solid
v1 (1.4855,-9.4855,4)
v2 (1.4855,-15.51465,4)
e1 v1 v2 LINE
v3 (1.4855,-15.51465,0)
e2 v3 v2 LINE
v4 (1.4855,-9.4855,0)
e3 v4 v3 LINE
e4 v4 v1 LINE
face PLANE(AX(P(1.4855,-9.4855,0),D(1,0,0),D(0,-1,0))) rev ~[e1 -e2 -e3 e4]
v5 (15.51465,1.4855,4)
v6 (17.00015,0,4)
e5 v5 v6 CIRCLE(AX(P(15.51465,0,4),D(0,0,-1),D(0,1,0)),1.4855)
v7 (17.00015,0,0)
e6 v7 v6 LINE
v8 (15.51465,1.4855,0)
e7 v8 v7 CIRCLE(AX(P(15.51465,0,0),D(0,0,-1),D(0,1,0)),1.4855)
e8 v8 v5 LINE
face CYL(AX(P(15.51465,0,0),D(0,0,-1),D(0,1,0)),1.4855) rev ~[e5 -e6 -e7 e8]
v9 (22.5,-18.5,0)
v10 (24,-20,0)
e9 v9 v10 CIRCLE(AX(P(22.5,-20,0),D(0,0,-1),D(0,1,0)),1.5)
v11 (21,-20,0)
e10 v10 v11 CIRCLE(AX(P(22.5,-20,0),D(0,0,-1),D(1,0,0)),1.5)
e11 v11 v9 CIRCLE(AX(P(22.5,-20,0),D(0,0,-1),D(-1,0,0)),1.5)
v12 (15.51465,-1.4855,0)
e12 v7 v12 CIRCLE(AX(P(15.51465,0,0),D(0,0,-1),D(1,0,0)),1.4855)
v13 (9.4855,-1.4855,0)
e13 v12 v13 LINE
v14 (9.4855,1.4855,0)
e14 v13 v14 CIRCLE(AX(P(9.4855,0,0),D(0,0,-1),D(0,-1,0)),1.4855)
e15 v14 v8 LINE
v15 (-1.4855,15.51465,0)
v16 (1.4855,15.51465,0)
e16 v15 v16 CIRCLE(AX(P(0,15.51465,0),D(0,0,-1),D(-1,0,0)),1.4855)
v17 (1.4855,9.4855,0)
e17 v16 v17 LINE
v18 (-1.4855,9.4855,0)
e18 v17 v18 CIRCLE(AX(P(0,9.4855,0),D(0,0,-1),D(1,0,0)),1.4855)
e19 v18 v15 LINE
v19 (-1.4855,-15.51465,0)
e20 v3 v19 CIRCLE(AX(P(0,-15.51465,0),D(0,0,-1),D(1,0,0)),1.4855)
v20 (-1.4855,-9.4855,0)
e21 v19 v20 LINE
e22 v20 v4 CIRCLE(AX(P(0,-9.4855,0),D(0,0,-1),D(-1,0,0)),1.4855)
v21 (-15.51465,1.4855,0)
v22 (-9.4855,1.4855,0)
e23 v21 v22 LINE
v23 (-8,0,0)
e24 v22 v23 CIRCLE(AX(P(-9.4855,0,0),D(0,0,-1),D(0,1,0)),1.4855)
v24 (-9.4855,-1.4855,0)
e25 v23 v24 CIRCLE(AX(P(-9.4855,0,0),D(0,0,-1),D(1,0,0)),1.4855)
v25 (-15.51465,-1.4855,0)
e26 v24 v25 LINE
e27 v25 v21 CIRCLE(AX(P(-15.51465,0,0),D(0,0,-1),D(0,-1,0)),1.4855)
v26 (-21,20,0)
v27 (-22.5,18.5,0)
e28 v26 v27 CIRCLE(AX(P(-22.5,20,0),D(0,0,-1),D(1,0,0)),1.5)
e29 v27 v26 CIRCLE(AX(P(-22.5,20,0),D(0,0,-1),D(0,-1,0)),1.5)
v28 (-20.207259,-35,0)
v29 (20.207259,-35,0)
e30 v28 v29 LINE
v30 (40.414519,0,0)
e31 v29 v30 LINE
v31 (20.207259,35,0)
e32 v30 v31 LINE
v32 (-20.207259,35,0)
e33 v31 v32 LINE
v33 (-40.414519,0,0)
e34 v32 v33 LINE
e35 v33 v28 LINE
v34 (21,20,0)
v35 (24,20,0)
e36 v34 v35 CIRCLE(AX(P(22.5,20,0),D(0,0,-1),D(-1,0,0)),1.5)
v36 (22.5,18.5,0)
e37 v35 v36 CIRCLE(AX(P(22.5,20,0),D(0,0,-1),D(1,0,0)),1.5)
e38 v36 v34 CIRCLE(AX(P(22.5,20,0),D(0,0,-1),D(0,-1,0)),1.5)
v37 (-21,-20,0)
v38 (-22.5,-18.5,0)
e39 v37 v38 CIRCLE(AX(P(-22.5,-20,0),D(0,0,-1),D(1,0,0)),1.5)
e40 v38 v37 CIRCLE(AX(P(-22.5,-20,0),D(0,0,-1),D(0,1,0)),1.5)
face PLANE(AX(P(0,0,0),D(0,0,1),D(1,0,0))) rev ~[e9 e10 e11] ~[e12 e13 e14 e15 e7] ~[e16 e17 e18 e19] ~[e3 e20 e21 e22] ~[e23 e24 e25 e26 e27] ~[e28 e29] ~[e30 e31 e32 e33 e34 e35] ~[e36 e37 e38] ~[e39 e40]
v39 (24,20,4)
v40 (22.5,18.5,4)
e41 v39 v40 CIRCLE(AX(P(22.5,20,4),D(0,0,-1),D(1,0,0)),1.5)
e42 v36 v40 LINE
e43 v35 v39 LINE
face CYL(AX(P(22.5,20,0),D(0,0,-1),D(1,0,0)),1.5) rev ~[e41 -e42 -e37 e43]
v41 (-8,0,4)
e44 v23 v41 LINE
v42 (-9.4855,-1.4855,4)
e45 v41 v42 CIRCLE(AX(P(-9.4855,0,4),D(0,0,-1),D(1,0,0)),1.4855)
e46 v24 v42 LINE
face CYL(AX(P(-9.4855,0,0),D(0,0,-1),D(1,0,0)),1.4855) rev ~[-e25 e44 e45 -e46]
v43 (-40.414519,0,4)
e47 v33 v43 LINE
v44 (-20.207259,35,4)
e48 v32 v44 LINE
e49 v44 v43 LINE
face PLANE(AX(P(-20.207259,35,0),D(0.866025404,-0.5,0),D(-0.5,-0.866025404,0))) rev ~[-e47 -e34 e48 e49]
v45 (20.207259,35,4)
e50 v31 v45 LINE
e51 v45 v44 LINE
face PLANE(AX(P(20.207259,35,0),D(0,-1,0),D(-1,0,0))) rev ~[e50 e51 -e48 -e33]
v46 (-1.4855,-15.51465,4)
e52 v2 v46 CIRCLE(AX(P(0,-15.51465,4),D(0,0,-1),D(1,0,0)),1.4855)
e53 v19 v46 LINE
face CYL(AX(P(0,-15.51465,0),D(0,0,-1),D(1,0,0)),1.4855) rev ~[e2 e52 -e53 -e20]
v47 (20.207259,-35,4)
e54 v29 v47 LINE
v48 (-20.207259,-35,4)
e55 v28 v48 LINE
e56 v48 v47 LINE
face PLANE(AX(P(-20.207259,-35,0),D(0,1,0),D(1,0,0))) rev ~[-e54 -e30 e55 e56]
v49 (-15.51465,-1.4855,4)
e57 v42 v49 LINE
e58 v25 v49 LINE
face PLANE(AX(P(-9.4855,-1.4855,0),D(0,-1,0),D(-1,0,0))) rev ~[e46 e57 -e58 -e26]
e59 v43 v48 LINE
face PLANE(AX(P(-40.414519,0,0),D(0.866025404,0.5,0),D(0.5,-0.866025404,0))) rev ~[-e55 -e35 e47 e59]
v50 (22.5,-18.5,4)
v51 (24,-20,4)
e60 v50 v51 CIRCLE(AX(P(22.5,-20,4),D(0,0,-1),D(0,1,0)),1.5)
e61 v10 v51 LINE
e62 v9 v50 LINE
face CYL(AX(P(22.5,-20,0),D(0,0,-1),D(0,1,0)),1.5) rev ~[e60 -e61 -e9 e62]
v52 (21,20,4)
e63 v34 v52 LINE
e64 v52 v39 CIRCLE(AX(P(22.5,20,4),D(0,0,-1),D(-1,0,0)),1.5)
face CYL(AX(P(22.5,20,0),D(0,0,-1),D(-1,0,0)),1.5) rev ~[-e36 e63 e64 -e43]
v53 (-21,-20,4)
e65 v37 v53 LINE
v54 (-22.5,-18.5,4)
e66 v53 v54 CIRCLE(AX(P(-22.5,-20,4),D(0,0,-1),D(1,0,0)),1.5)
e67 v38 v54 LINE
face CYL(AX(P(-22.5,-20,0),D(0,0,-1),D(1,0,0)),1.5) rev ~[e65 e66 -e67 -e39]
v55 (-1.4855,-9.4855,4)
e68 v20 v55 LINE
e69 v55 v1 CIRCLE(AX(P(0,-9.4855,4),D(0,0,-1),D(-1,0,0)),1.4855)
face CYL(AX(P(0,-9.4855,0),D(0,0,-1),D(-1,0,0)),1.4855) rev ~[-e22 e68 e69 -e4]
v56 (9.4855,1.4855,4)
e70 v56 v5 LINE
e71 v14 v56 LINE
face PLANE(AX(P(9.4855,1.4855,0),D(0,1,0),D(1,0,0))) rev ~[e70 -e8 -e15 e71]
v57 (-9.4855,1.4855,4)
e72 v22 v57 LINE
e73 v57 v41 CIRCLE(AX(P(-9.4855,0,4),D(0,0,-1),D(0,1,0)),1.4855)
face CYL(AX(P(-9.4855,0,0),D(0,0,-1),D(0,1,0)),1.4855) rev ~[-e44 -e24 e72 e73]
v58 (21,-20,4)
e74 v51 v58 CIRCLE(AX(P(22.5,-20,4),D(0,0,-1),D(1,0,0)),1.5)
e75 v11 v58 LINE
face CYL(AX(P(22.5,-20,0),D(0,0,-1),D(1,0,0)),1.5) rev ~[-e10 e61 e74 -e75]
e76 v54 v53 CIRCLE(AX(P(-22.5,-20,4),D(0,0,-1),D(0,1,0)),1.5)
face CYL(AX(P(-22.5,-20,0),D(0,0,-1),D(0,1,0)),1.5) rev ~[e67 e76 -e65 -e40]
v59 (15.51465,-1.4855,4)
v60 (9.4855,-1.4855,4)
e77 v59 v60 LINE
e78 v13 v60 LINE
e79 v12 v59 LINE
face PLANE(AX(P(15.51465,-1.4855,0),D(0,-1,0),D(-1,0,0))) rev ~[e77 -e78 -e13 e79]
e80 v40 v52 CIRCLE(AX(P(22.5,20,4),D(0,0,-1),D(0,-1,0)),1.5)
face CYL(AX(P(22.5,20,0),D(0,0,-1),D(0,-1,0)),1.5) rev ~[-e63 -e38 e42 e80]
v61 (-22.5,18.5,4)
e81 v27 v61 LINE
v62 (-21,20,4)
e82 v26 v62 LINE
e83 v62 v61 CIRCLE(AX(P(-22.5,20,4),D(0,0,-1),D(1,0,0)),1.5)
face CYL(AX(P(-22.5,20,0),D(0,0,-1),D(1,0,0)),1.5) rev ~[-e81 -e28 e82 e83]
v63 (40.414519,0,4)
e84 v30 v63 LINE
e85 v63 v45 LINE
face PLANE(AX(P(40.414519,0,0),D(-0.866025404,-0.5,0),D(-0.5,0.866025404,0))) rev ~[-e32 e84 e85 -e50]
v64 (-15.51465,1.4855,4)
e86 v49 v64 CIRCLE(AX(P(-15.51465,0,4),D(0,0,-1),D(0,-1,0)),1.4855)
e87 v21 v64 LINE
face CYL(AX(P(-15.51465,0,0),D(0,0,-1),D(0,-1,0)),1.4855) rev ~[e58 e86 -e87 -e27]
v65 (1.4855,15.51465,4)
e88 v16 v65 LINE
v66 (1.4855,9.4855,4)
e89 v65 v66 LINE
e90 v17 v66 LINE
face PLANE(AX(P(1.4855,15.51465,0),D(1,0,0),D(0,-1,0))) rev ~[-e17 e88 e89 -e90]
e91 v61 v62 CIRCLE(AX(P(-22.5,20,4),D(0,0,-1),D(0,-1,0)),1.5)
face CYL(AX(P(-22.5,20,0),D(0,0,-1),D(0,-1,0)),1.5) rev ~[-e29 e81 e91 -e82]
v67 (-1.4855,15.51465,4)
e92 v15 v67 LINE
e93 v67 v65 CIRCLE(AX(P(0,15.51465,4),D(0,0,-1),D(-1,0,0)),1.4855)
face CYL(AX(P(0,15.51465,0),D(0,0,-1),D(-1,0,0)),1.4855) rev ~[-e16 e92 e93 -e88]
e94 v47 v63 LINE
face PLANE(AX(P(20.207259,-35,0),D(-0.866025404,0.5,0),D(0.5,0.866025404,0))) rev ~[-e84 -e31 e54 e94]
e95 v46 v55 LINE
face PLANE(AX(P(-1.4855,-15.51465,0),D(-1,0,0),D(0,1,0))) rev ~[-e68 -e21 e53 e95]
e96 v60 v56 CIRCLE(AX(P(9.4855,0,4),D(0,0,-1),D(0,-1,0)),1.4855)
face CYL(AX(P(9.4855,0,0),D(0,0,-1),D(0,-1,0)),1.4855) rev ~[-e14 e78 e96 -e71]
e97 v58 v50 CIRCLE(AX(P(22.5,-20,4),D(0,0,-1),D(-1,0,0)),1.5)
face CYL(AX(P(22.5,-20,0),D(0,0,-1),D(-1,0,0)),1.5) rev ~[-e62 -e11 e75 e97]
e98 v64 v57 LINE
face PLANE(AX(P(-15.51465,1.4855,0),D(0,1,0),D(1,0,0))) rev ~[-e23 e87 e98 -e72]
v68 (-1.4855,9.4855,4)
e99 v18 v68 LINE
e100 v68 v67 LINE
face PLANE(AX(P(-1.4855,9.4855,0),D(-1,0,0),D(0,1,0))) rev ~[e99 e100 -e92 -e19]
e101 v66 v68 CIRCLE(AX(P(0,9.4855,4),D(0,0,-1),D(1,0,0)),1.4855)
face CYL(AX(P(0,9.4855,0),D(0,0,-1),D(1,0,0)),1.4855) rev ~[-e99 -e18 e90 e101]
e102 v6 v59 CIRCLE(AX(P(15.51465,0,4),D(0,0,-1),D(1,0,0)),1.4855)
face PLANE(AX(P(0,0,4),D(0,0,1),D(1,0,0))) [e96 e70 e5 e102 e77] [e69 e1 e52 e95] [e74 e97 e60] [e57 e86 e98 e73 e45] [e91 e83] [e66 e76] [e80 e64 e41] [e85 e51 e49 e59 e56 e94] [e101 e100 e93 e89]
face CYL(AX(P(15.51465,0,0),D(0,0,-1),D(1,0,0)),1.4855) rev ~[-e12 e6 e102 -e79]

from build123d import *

# Parameters (mm, degrees)
F0_W     = 2.971
F0_H     = 2.971
F1_DEPTH = 4


with BuildPart() as f1:
    # F0 (on Top) → F1 (new body)
    with BuildSketch(Plane.XY):
        Polygon((-20.2072594216, -35), (20.2072594216, -35), (40.4145188433, 0), (20.2072594216, 35), (-20.2072594216, 35), (-40.4145188433, 0), align=None)
        with BuildLine():
            Line((21, -20), (-21, -20))
            ThreePointArc((-21, -20), (-23.5606601718, -21.0606601718), (-22.5, -18.5))
            Line((-22.5, -18.5), (-22.5, 18.5))
            ThreePointArc((-22.5, 18.5), (-23.5606601718, 21.0606601718), (-21, 20))
            Line((-21, 20), (21, 20))
            ThreePointArc((21, 20), (22.5, 21.5), (24, 20))
            ThreePointArc((24, 20), (23.5606601718, 18.9393398282), (22.5, 18.5))
            Line((22.5, 18.5), (22.5, -18.5))
            ThreePointArc((22.5, -18.5), (23.5606601718, -18.9393398282), (24, -20))
            ThreePointArc((24, -20), (22.5, -21.5), (21, -20))
        make_face(mode=Mode.SUBTRACT)
        with BuildLine():
            ThreePointArc((-22.5, -18.5), (-21.4393398282, -18.9393398282), (-21, -20))
            Line((-21, -20), (21, -20))
            ThreePointArc((21, -20), (21.4393398282, -18.9393398282), (22.5, -18.5))
            Line((22.5, -18.5), (22.5, 18.5))
            ThreePointArc((22.5, 18.5), (21.4393398282, 18.9393398282), (21, 20))
            Line((21, 20), (-21, 20))
            ThreePointArc((-21, 20), (-21.4393398282, 18.9393398282), (-22.5, 18.5))
            Line((-22.5, 18.5), (-22.5, -18.5))
        make_face()
        with BuildLine():
            Line((15.51465, -1.4855), (9.4855, -1.4855))
            Line((9.4855, -1.4855), (1.4855, -1.4855))
            Line((1.4855, -1.4855), (1.4855, -9.4855))
            Line((1.4855, -9.4855), (1.4855, -15.51465))
            ThreePointArc((1.4855, -15.51465), (0, -17.00015), (-1.4855, -15.51465))
            Line((-1.4855, -15.51465), (-1.4855, -9.4855))
            Line((-1.4855, -9.4855), (-1.4855, -1.4855))
            Line((-1.4855, -1.4855), (-9.4855, -1.4855))
            Line((-9.4855, -1.4855), (-15.51465, -1.4855))
            ThreePointArc((-15.51465, -1.4855), (-17.00015, 0), (-15.51465, 1.4855))
            Line((-15.51465, 1.4855), (-9.4855, 1.4855))
            Line((-9.4855, 1.4855), (-1.4855, 1.4855))
            Line((-1.4855, 1.4855), (-1.4855, 9.4855))
            Line((-1.4855, 9.4855), (-1.4855, 15.51465))
            ThreePointArc((-1.4855, 15.51465), (0, 17.00015), (1.4855, 15.51465))
            Line((1.4855, 15.51465), (1.4855, 9.4855))
            Line((1.4855, 9.4855), (1.4855, 1.4855))
            Line((1.4855, 1.4855), (9.4855, 1.4855))
            Line((9.4855, 1.4855), (15.51465, 1.4855))
            ThreePointArc((15.51465, 1.4855), (16.5650571235, 1.0504071235), (17.00015, 0))
            ThreePointArc((17.00015, 0), (16.5650571235, -1.0504071235), (15.51465, -1.4855))
        make_face(mode=Mode.SUBTRACT)
        with BuildLine():
            Line((-1.4855, 1.4855), (1.4855, 1.4855))
            Line((1.4855, 1.4855), (1.4855, 9.4855))
            ThreePointArc((1.4855, 9.4855), (0, 8), (-1.4855, 9.4855))
            Line((-1.4855, 9.4855), (-1.4855, 1.4855))
        make_face()
        with BuildLine():
            Line((-9.4855, -1.4855), (-1.4855, -1.4855))
            Line((-1.4855, -1.4855), (-1.4855, 1.4855))
            Line((-1.4855, 1.4855), (-9.4855, 1.4855))
            ThreePointArc((-9.4855, 1.4855), (-8.4350928765, 1.0504071235), (-8, 0))
            ThreePointArc((-8, 0), (-8.4350928765, -1.0504071235), (-9.4855, -1.4855))
        make_face()
        with BuildLine():
            Line((1.4855, -1.4855), (9.4855, -1.4855))
            ThreePointArc((9.4855, -1.4855), (8, 0), (9.4855, 1.4855))
            Line((9.4855, 1.4855), (1.4855, 1.4855))
            Line((1.4855, 1.4855), (1.4855, -1.4855))
        make_face()
        Rectangle(F0_W, F0_H)
        with BuildLine():
            Line((1.4855, -9.4855), (1.4855, -1.4855))
            Line((1.4855, -1.4855), (-1.4855, -1.4855))
            Line((-1.4855, -1.4855), (-1.4855, -9.4855))
            ThreePointArc((-1.4855, -9.4855), (0, -8), (1.4855, -9.4855))
        make_face()
    extrude(amount=F1_DEPTH)


solid = f1.part
